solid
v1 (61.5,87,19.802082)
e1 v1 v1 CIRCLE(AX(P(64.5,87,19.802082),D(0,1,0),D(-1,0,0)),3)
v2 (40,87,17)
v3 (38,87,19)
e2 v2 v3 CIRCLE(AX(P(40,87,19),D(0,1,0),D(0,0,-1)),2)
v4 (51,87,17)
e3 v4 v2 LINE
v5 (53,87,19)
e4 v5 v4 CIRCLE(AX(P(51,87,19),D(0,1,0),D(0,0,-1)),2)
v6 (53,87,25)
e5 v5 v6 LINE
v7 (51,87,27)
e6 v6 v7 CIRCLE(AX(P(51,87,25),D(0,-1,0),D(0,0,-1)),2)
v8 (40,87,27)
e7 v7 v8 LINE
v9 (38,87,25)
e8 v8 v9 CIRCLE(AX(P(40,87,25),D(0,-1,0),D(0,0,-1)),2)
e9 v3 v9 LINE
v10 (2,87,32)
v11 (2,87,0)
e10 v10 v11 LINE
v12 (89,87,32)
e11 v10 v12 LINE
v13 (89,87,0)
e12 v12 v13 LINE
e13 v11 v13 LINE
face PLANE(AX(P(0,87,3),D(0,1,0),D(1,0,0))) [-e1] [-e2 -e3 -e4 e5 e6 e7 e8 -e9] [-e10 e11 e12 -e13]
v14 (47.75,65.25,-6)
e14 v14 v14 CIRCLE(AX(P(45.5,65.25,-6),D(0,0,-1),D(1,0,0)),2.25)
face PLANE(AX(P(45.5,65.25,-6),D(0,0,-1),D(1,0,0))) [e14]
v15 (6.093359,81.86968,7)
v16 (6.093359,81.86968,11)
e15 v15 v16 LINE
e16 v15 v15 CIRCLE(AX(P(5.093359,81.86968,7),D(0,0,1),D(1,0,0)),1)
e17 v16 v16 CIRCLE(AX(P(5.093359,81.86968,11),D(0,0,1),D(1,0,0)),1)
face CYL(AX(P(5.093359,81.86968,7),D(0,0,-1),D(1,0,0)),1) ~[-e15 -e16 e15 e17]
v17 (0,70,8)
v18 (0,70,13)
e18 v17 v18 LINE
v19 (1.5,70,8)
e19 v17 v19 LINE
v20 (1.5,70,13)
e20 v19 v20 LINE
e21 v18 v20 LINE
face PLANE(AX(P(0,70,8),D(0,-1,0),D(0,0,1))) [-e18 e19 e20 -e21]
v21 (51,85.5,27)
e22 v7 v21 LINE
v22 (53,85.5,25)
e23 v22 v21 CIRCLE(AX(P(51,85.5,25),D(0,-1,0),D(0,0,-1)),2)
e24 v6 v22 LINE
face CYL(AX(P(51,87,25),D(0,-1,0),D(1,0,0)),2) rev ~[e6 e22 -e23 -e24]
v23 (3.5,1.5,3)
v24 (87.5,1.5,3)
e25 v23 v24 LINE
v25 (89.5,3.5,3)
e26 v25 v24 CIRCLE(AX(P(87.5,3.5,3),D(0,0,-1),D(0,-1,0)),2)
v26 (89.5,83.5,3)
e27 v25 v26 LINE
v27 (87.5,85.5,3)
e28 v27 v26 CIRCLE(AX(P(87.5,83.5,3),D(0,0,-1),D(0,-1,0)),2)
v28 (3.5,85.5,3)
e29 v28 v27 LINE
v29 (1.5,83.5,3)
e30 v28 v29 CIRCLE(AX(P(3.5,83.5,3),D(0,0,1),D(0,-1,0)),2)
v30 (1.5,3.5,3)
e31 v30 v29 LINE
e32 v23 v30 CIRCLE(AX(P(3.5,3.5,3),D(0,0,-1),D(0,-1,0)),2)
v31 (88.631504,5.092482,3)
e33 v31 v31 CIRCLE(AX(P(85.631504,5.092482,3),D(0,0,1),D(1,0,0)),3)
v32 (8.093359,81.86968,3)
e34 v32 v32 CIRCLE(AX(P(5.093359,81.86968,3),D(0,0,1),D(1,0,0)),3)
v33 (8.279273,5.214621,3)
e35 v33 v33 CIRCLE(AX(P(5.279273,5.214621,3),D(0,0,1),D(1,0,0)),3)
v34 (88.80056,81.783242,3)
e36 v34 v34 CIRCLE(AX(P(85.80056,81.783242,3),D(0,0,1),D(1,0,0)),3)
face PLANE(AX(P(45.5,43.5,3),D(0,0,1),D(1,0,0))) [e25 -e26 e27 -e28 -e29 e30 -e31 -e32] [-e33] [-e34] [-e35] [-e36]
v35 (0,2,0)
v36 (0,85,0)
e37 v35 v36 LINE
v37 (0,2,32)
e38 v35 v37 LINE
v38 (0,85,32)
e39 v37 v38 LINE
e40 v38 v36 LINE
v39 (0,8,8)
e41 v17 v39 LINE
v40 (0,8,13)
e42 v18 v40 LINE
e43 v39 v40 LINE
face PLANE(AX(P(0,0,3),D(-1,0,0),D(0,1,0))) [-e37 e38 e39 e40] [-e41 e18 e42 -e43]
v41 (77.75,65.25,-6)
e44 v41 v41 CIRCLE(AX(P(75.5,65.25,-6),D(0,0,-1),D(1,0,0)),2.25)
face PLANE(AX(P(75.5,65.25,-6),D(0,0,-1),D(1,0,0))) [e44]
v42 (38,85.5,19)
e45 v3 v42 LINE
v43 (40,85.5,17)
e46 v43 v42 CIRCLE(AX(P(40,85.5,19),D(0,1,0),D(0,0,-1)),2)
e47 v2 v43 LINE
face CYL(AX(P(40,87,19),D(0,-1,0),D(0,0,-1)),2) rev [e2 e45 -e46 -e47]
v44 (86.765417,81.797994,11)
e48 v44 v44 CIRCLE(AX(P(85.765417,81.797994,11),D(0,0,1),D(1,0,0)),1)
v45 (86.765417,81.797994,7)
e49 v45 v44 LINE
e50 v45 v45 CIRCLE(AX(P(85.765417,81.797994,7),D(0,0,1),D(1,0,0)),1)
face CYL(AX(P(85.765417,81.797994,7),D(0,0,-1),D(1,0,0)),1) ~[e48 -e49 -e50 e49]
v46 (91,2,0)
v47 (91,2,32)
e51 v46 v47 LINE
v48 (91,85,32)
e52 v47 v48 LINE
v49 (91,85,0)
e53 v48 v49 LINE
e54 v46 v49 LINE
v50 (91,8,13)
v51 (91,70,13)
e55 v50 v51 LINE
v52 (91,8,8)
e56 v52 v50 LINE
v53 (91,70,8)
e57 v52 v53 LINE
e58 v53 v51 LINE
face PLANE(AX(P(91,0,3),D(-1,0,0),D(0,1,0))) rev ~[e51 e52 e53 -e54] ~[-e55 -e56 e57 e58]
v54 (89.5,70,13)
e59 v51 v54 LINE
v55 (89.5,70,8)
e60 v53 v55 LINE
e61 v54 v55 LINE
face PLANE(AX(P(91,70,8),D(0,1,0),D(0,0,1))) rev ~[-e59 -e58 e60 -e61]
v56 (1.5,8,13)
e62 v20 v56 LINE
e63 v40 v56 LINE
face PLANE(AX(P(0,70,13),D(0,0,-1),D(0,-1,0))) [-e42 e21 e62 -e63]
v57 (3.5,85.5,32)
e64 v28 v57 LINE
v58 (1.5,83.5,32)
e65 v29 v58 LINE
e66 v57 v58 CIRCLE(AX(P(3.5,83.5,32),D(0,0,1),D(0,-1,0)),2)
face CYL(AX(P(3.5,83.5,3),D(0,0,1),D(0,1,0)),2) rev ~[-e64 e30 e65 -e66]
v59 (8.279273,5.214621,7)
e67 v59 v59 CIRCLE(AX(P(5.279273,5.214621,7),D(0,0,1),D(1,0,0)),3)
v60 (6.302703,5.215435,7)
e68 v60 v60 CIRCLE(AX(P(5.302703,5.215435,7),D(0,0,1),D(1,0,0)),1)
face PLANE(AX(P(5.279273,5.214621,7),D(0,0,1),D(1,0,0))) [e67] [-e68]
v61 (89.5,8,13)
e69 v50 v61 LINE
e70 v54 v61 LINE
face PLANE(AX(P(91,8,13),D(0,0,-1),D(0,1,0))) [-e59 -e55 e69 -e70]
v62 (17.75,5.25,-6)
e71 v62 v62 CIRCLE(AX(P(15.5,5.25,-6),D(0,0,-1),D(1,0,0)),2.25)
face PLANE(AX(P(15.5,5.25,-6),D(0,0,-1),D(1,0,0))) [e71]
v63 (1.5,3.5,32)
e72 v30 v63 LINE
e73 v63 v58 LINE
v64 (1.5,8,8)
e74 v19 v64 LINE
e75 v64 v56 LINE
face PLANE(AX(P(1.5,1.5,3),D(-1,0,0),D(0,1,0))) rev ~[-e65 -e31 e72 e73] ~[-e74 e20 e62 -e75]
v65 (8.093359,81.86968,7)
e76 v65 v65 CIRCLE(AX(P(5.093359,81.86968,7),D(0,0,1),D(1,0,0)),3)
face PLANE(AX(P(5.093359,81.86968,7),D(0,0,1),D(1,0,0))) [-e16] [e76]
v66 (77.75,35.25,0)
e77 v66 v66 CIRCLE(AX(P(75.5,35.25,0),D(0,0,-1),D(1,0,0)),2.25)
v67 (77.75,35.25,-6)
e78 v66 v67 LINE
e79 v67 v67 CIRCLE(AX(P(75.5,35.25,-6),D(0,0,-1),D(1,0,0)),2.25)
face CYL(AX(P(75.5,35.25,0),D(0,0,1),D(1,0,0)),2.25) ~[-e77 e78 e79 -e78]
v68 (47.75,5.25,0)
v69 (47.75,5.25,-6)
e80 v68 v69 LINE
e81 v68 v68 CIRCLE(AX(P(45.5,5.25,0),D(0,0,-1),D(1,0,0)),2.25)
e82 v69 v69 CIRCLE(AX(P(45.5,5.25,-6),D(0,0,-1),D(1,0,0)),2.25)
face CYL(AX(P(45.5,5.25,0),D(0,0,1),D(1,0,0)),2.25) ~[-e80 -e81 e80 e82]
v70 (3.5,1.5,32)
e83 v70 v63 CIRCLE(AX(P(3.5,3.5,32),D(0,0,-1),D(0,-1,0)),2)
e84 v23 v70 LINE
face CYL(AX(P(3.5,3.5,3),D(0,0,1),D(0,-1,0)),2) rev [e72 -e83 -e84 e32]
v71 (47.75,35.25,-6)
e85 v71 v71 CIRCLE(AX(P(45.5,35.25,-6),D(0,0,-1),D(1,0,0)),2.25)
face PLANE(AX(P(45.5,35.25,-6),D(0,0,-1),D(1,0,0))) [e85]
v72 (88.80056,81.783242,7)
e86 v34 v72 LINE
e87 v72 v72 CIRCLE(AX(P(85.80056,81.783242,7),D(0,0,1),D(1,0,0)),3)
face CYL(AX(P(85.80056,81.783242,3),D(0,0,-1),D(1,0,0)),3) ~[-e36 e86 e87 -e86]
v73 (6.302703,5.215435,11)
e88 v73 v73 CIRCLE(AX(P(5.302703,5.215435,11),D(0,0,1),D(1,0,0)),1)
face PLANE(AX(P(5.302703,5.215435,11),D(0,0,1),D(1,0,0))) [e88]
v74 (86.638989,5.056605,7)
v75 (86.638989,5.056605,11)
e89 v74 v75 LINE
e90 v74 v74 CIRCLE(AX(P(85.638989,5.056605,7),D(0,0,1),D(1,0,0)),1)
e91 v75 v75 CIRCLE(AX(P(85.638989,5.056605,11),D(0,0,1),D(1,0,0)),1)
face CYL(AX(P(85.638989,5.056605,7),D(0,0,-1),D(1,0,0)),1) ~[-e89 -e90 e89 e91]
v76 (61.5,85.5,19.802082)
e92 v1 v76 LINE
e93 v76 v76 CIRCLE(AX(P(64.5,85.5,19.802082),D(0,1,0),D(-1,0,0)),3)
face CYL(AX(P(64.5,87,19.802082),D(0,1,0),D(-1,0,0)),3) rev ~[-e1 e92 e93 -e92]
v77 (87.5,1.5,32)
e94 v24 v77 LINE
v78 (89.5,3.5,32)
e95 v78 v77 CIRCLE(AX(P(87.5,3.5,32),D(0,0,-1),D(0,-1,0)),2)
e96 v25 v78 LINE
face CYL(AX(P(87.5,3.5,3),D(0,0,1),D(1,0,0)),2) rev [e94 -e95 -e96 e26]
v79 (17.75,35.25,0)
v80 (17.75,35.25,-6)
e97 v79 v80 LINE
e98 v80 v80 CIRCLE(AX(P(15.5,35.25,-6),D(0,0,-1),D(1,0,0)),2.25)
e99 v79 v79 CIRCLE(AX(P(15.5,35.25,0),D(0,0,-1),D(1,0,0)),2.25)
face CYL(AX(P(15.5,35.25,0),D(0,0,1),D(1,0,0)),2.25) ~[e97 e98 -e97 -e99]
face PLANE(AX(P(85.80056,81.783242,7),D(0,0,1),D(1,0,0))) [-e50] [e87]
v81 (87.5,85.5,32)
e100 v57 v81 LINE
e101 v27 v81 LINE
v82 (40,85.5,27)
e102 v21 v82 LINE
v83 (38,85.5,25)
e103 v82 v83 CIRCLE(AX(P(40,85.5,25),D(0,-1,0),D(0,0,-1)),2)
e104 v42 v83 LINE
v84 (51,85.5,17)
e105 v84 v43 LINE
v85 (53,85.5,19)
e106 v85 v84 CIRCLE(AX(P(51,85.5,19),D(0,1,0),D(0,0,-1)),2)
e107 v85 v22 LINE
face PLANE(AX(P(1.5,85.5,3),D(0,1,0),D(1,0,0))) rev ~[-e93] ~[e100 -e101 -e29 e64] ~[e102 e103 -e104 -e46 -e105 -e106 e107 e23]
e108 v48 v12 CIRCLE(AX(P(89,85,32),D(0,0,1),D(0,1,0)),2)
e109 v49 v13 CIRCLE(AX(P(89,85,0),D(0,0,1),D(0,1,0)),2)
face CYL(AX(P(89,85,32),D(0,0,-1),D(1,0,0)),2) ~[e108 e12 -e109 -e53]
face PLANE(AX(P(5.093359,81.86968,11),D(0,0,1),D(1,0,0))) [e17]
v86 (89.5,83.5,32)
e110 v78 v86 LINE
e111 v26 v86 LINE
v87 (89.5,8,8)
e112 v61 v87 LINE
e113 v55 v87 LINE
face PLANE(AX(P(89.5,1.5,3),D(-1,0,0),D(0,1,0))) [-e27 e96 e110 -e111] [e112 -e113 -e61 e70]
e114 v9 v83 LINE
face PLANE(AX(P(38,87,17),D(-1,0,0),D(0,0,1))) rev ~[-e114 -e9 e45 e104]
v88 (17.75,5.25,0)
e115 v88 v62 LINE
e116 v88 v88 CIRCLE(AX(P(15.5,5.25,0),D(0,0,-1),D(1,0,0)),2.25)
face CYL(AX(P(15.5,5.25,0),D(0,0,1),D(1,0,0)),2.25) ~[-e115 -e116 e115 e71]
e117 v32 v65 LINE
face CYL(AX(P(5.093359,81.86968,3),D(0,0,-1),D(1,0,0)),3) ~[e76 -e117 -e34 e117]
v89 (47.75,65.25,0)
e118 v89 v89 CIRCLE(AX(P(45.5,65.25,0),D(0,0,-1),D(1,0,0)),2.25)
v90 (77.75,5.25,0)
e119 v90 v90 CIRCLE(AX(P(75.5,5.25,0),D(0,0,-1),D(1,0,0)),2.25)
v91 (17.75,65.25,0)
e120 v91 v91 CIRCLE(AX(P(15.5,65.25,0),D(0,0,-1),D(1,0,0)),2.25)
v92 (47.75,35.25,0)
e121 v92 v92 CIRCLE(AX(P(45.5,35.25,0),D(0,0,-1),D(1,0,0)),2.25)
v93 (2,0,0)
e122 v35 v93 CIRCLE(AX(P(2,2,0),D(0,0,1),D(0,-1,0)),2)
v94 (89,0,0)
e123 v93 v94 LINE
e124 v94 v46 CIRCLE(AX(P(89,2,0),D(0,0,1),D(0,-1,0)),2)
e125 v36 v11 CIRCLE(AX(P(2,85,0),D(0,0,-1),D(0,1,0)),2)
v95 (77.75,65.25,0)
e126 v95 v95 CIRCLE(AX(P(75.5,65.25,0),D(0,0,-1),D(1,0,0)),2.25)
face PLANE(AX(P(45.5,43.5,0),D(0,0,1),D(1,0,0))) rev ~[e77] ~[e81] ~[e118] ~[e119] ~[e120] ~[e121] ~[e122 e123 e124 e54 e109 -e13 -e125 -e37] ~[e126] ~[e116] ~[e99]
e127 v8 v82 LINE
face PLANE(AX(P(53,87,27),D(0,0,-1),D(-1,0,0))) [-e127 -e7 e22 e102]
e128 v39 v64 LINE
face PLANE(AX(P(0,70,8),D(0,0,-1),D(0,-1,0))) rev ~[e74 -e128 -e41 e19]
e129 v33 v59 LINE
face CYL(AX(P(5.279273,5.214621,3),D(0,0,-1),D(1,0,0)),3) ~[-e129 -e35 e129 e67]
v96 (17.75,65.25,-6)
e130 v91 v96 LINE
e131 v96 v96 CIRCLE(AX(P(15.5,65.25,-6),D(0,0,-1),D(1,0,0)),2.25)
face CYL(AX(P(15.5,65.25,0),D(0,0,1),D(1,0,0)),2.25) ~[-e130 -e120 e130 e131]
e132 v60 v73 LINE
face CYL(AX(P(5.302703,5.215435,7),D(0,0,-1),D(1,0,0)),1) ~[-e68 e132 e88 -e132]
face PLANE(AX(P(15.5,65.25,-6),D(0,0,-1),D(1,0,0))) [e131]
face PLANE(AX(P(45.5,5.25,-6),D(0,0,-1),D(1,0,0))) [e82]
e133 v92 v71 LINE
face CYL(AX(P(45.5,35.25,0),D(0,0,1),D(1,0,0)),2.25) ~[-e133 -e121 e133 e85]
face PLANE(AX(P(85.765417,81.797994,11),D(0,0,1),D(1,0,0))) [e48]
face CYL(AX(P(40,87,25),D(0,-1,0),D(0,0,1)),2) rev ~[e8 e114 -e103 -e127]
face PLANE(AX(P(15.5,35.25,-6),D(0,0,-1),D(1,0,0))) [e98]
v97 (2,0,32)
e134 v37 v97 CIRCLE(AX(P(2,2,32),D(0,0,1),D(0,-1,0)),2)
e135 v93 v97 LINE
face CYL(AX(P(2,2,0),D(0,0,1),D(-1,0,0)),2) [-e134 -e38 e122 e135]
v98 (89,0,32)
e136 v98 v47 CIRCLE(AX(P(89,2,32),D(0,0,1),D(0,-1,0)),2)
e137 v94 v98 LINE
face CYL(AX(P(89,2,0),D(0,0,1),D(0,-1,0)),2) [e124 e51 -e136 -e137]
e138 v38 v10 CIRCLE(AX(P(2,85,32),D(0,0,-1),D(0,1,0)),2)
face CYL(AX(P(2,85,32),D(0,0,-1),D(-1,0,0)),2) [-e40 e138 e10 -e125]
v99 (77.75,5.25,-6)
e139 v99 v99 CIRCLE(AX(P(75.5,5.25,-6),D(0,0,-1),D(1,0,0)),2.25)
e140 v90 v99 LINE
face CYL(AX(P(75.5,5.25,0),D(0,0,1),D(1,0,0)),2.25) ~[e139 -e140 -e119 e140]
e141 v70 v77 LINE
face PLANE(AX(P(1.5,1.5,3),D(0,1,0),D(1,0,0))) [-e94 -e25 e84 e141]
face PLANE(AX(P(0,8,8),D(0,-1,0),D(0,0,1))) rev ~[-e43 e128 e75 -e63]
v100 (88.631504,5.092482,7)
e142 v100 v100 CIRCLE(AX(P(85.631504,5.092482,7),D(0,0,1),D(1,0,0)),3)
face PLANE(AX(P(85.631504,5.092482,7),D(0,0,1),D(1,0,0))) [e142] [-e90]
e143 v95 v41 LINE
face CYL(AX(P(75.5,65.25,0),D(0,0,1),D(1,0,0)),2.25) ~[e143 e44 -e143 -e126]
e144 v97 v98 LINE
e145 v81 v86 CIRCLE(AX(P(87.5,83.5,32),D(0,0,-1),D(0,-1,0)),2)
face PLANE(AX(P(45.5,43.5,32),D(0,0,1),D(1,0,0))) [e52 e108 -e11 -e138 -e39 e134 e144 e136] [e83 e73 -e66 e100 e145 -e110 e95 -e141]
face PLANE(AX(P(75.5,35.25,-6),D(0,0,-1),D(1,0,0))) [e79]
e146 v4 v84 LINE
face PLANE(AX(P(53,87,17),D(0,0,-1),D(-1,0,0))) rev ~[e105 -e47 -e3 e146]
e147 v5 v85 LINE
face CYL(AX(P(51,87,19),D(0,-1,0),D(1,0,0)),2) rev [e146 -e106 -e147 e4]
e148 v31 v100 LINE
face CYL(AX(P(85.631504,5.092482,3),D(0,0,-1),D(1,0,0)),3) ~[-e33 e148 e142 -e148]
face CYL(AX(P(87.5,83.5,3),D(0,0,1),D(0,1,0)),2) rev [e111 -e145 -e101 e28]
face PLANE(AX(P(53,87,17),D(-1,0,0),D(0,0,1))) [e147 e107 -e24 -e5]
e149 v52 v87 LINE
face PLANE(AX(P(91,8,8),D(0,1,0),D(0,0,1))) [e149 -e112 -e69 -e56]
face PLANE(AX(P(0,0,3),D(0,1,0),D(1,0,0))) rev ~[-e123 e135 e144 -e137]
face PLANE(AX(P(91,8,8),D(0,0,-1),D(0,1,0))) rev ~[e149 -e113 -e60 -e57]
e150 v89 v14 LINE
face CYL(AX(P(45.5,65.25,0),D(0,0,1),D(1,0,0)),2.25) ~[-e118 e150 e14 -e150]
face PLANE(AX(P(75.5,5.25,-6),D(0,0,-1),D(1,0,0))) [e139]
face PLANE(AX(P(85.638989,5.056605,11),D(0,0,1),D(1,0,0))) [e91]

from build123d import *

# Parameters (mm, degrees)
SKETCH007_R      = 2.25
EXTRUDE007_DEPTH = 6
SKETCH006_R      = 3
SKETCH006_W      = 15
SKETCH006_H      = 10
EXTRUDE006_DEPTH = 2
SKETCH005_W      = 62
SKETCH005_H      = 5
EXTRUDE005_DEPTH = 2
SKETCH004_W      = 62
SKETCH004_H      = 5
EXTRUDE004_DEPTH = 2
SKETCH003_R      = 1
EXTRUDE003_DEPTH = 4
SKETCH002_R      = 3
EXTRUDE002_DEPTH = 4
SKETCH001_W      = 88
SKETCH001_H      = 84
EXTRUDE001_DEPTH = 29
SKETCH_W         = 91
SKETCH_H         = 87
EXTRUDE_DEPTH    = 29
BOX_W            = 91
BOX_H            = 87
BOX_DEPTH        = 3
FILLET_R         = 2
FILLET001_R      = 2
FILLET002_R      = 2
FILLET003_R      = 2
FILLET004_R      = 2
FILLET005_R      = 2
FILLET006_R      = 2
FILLET007_R      = 2
FILLET008_R      = 2
FILLET009_R      = 2
FILLET010_R      = 2
FILLET011_R      = 2


with BuildPart() as extrude007:
    # Sketch007 (on Face52 of Fillet011) → Extrude007 (new body)
    with BuildSketch(Plane(origin=(0, 0, 0), x_dir=(1, 0, 0), z_dir=(0, 0, -1))):
        with Locations((45.5, -5.25)):
            Circle(SKETCH007_R)
        with Locations((75.5, -5.25)):
            Circle(SKETCH007_R)
        with Locations((15.5, -5.25)):
            Circle(SKETCH007_R)
        with Locations((15.5, -35.25)):
            Circle(SKETCH007_R)
        with Locations((45.5, -35.25)):
            Circle(SKETCH007_R)
        with Locations((75.5, -35.25)):
            Circle(SKETCH007_R)
        with Locations((15.5, -65.25)):
            Circle(SKETCH007_R)
        with Locations((45.5, -65.25)):
            Circle(SKETCH007_R)
        with Locations((75.5, -65.25)):
            Circle(SKETCH007_R)
    extrude(amount=EXTRUDE007_DEPTH)


with BuildPart() as extrude006:
    # Sketch006 (on Face13 of Cut002) → Extrude006 (new body)
    with BuildSketch(Plane(origin=(0, 87, 0), x_dir=(-1, 0, 0), z_dir=(0, 1, 0))):
        with Locations((-64.5, 19.802082)):
            Circle(SKETCH006_R)
        with Locations((-45.5, 22)):
            Rectangle(SKETCH006_W, SKETCH006_H)
    extrude(amount=-EXTRUDE006_DEPTH)


with BuildPart() as extrude005:
    # Sketch005 (on Face17 of Cut001) → Extrude005 (new body)
    with BuildSketch(Plane(origin=(0, 0, 0), x_dir=(0, -1, 0), z_dir=(-1, 0, 0))):
        with Locations((-39, 10.5)):
            Rectangle(SKETCH005_W, SKETCH005_H)
    extrude(amount=-EXTRUDE005_DEPTH)


with BuildPart() as extrude004:
    # Sketch004 (on Face10 of Fusion002) → Extrude004 (new body)
    with BuildSketch(Plane.YZ.offset(91)):
        with Locations((39, 10.5)):
            Rectangle(SKETCH004_W, SKETCH004_H)
    extrude(amount=-EXTRUDE004_DEPTH)


with BuildPart() as extrude003:
    # Sketch003 (on Face34 of Fusion001) → Extrude003 (new body)
    with BuildSketch(Plane.XY.offset(7)):
        with Locations((5.302703, 5.215435)):
            Circle(SKETCH003_R)
        with Locations((85.638989, 5.056605)):
            Circle(SKETCH003_R)
        with Locations((85.765417, 81.797994)):
            Circle(SKETCH003_R)
        with Locations((5.093359, 81.86968)):
            Circle(SKETCH003_R)
    extrude(amount=EXTRUDE003_DEPTH)


with BuildPart() as extrude002:
    # Sketch002 (on Face18 of Fillet007) → Extrude002 (new body)
    with BuildSketch(Plane.XY.offset(3)):
        with Locations((5.093359, 81.86968)):
            Circle(SKETCH002_R)
        with Locations((85.80056, 81.783242)):
            Circle(SKETCH002_R)
        with Locations((5.279273, 5.214621)):
            Circle(SKETCH002_R)
        with Locations((85.631504, 5.092482)):
            Circle(SKETCH002_R)
    extrude(amount=EXTRUDE002_DEPTH)


with BuildPart() as extrude001:
    # Sketch001 (on Face6 of Box) → Extrude001 (new body)
    with BuildSketch(Plane.XY.offset(3)):
        with Locations((45.5, 43.5)):
            Rectangle(SKETCH001_W, SKETCH001_H)
    extrude(amount=EXTRUDE001_DEPTH)


with BuildPart() as cut:
    # Sketch (on Face6 of Box) → Extrude (new body)
    with BuildSketch(Plane.XY.offset(3)):
        with Locations((45.5, 43.5)):
            Rectangle(SKETCH_W, SKETCH_H)
    extrude(amount=EXTRUDE_DEPTH)

    # Cut: cut Extrude001
    add(extrude001.part, mode=Mode.SUBTRACT)


with BuildPart() as esp_case_bottom:
    # Box → Box (new body)
    with BuildSketch(Plane.XY):
        with Locations((45.5, 43.5)):
            Rectangle(BOX_W, BOX_H)
    extrude(amount=BOX_DEPTH)

    # Fusion: union Cut
    add(cut.part)

    # Fillet
    fillet_edges = [esp_case_bottom.edges().sort_by_distance(p)[0] for p in [
        (0, 87, 1.5),
        (0, 87, 17.5),
    ]]
    fillet(fillet_edges, radius=FILLET_R)

    # Fillet001
    fillet001_edges = [esp_case_bottom.edges().sort_by_distance(p)[0] for p in [
        (1.5, 85.5, 17.5),
    ]]
    fillet(fillet001_edges, radius=FILLET001_R)

    # Fillet002
    fillet002_edges = [esp_case_bottom.edges().sort_by_distance(p)[0] for p in [
        (0, 0, 17.5),
    ]]
    fillet(fillet002_edges, radius=FILLET002_R)

    # Fillet003
    fillet003_edges = [esp_case_bottom.edges().sort_by_distance(p)[0] for p in [
        (91, 0, 17.5),
    ]]
    fillet(fillet003_edges, radius=FILLET003_R)

    # Fillet004
    fillet004_edges = [esp_case_bottom.edges().sort_by_distance(p)[0] for p in [
        (91, 87, 17.5),
    ]]
    fillet(fillet004_edges, radius=FILLET004_R)

    # Fillet005
    fillet005_edges = [esp_case_bottom.edges().sort_by_distance(p)[0] for p in [
        (89.5, 85.5, 17.5),
    ]]
    fillet(fillet005_edges, radius=FILLET005_R)

    # Fillet006
    fillet006_edges = [esp_case_bottom.edges().sort_by_distance(p)[0] for p in [
        (89.5, 1.5, 17.5),
    ]]
    fillet(fillet006_edges, radius=FILLET006_R)

    # Fillet007
    fillet007_edges = [esp_case_bottom.edges().sort_by_distance(p)[0] for p in [
        (1.5, 1.5, 17.5),
    ]]
    fillet(fillet007_edges, radius=FILLET007_R)

    # Fusion001: union Extrude002
    add(extrude002.part)

    # Fusion002: union Extrude003
    add(extrude003.part)

    # Cut001: cut Extrude004
    add(extrude004.part, mode=Mode.SUBTRACT)

    # Cut002: cut Extrude005
    add(extrude005.part, mode=Mode.SUBTRACT)

    # Cut003: cut Extrude006
    add(extrude006.part, mode=Mode.SUBTRACT)

    # Fillet008
    fillet008_edges = [esp_case_bottom.edges().sort_by_distance(p)[0] for p in [
        (38, 86.25, 17),
    ]]
    fillet(fillet008_edges, radius=FILLET008_R)

    # Fillet009
    fillet009_edges = [esp_case_bottom.edges().sort_by_distance(p)[0] for p in [
        (53, 86.25, 27),
    ]]
    fillet(fillet009_edges, radius=FILLET009_R)

    # Fillet010
    fillet010_edges = [esp_case_bottom.edges().sort_by_distance(p)[0] for p in [
        (53, 86.25, 17),
    ]]
    fillet(fillet010_edges, radius=FILLET010_R)

    # Fillet011
    fillet011_edges = [esp_case_bottom.edges().sort_by_distance(p)[0] for p in [
        (38, 86.25, 27),
    ]]
    fillet(fillet011_edges, radius=FILLET011_R)

    # Fusion003: union Extrude007
    add(extrude007.part)


solid = esp_case_bottom.part
